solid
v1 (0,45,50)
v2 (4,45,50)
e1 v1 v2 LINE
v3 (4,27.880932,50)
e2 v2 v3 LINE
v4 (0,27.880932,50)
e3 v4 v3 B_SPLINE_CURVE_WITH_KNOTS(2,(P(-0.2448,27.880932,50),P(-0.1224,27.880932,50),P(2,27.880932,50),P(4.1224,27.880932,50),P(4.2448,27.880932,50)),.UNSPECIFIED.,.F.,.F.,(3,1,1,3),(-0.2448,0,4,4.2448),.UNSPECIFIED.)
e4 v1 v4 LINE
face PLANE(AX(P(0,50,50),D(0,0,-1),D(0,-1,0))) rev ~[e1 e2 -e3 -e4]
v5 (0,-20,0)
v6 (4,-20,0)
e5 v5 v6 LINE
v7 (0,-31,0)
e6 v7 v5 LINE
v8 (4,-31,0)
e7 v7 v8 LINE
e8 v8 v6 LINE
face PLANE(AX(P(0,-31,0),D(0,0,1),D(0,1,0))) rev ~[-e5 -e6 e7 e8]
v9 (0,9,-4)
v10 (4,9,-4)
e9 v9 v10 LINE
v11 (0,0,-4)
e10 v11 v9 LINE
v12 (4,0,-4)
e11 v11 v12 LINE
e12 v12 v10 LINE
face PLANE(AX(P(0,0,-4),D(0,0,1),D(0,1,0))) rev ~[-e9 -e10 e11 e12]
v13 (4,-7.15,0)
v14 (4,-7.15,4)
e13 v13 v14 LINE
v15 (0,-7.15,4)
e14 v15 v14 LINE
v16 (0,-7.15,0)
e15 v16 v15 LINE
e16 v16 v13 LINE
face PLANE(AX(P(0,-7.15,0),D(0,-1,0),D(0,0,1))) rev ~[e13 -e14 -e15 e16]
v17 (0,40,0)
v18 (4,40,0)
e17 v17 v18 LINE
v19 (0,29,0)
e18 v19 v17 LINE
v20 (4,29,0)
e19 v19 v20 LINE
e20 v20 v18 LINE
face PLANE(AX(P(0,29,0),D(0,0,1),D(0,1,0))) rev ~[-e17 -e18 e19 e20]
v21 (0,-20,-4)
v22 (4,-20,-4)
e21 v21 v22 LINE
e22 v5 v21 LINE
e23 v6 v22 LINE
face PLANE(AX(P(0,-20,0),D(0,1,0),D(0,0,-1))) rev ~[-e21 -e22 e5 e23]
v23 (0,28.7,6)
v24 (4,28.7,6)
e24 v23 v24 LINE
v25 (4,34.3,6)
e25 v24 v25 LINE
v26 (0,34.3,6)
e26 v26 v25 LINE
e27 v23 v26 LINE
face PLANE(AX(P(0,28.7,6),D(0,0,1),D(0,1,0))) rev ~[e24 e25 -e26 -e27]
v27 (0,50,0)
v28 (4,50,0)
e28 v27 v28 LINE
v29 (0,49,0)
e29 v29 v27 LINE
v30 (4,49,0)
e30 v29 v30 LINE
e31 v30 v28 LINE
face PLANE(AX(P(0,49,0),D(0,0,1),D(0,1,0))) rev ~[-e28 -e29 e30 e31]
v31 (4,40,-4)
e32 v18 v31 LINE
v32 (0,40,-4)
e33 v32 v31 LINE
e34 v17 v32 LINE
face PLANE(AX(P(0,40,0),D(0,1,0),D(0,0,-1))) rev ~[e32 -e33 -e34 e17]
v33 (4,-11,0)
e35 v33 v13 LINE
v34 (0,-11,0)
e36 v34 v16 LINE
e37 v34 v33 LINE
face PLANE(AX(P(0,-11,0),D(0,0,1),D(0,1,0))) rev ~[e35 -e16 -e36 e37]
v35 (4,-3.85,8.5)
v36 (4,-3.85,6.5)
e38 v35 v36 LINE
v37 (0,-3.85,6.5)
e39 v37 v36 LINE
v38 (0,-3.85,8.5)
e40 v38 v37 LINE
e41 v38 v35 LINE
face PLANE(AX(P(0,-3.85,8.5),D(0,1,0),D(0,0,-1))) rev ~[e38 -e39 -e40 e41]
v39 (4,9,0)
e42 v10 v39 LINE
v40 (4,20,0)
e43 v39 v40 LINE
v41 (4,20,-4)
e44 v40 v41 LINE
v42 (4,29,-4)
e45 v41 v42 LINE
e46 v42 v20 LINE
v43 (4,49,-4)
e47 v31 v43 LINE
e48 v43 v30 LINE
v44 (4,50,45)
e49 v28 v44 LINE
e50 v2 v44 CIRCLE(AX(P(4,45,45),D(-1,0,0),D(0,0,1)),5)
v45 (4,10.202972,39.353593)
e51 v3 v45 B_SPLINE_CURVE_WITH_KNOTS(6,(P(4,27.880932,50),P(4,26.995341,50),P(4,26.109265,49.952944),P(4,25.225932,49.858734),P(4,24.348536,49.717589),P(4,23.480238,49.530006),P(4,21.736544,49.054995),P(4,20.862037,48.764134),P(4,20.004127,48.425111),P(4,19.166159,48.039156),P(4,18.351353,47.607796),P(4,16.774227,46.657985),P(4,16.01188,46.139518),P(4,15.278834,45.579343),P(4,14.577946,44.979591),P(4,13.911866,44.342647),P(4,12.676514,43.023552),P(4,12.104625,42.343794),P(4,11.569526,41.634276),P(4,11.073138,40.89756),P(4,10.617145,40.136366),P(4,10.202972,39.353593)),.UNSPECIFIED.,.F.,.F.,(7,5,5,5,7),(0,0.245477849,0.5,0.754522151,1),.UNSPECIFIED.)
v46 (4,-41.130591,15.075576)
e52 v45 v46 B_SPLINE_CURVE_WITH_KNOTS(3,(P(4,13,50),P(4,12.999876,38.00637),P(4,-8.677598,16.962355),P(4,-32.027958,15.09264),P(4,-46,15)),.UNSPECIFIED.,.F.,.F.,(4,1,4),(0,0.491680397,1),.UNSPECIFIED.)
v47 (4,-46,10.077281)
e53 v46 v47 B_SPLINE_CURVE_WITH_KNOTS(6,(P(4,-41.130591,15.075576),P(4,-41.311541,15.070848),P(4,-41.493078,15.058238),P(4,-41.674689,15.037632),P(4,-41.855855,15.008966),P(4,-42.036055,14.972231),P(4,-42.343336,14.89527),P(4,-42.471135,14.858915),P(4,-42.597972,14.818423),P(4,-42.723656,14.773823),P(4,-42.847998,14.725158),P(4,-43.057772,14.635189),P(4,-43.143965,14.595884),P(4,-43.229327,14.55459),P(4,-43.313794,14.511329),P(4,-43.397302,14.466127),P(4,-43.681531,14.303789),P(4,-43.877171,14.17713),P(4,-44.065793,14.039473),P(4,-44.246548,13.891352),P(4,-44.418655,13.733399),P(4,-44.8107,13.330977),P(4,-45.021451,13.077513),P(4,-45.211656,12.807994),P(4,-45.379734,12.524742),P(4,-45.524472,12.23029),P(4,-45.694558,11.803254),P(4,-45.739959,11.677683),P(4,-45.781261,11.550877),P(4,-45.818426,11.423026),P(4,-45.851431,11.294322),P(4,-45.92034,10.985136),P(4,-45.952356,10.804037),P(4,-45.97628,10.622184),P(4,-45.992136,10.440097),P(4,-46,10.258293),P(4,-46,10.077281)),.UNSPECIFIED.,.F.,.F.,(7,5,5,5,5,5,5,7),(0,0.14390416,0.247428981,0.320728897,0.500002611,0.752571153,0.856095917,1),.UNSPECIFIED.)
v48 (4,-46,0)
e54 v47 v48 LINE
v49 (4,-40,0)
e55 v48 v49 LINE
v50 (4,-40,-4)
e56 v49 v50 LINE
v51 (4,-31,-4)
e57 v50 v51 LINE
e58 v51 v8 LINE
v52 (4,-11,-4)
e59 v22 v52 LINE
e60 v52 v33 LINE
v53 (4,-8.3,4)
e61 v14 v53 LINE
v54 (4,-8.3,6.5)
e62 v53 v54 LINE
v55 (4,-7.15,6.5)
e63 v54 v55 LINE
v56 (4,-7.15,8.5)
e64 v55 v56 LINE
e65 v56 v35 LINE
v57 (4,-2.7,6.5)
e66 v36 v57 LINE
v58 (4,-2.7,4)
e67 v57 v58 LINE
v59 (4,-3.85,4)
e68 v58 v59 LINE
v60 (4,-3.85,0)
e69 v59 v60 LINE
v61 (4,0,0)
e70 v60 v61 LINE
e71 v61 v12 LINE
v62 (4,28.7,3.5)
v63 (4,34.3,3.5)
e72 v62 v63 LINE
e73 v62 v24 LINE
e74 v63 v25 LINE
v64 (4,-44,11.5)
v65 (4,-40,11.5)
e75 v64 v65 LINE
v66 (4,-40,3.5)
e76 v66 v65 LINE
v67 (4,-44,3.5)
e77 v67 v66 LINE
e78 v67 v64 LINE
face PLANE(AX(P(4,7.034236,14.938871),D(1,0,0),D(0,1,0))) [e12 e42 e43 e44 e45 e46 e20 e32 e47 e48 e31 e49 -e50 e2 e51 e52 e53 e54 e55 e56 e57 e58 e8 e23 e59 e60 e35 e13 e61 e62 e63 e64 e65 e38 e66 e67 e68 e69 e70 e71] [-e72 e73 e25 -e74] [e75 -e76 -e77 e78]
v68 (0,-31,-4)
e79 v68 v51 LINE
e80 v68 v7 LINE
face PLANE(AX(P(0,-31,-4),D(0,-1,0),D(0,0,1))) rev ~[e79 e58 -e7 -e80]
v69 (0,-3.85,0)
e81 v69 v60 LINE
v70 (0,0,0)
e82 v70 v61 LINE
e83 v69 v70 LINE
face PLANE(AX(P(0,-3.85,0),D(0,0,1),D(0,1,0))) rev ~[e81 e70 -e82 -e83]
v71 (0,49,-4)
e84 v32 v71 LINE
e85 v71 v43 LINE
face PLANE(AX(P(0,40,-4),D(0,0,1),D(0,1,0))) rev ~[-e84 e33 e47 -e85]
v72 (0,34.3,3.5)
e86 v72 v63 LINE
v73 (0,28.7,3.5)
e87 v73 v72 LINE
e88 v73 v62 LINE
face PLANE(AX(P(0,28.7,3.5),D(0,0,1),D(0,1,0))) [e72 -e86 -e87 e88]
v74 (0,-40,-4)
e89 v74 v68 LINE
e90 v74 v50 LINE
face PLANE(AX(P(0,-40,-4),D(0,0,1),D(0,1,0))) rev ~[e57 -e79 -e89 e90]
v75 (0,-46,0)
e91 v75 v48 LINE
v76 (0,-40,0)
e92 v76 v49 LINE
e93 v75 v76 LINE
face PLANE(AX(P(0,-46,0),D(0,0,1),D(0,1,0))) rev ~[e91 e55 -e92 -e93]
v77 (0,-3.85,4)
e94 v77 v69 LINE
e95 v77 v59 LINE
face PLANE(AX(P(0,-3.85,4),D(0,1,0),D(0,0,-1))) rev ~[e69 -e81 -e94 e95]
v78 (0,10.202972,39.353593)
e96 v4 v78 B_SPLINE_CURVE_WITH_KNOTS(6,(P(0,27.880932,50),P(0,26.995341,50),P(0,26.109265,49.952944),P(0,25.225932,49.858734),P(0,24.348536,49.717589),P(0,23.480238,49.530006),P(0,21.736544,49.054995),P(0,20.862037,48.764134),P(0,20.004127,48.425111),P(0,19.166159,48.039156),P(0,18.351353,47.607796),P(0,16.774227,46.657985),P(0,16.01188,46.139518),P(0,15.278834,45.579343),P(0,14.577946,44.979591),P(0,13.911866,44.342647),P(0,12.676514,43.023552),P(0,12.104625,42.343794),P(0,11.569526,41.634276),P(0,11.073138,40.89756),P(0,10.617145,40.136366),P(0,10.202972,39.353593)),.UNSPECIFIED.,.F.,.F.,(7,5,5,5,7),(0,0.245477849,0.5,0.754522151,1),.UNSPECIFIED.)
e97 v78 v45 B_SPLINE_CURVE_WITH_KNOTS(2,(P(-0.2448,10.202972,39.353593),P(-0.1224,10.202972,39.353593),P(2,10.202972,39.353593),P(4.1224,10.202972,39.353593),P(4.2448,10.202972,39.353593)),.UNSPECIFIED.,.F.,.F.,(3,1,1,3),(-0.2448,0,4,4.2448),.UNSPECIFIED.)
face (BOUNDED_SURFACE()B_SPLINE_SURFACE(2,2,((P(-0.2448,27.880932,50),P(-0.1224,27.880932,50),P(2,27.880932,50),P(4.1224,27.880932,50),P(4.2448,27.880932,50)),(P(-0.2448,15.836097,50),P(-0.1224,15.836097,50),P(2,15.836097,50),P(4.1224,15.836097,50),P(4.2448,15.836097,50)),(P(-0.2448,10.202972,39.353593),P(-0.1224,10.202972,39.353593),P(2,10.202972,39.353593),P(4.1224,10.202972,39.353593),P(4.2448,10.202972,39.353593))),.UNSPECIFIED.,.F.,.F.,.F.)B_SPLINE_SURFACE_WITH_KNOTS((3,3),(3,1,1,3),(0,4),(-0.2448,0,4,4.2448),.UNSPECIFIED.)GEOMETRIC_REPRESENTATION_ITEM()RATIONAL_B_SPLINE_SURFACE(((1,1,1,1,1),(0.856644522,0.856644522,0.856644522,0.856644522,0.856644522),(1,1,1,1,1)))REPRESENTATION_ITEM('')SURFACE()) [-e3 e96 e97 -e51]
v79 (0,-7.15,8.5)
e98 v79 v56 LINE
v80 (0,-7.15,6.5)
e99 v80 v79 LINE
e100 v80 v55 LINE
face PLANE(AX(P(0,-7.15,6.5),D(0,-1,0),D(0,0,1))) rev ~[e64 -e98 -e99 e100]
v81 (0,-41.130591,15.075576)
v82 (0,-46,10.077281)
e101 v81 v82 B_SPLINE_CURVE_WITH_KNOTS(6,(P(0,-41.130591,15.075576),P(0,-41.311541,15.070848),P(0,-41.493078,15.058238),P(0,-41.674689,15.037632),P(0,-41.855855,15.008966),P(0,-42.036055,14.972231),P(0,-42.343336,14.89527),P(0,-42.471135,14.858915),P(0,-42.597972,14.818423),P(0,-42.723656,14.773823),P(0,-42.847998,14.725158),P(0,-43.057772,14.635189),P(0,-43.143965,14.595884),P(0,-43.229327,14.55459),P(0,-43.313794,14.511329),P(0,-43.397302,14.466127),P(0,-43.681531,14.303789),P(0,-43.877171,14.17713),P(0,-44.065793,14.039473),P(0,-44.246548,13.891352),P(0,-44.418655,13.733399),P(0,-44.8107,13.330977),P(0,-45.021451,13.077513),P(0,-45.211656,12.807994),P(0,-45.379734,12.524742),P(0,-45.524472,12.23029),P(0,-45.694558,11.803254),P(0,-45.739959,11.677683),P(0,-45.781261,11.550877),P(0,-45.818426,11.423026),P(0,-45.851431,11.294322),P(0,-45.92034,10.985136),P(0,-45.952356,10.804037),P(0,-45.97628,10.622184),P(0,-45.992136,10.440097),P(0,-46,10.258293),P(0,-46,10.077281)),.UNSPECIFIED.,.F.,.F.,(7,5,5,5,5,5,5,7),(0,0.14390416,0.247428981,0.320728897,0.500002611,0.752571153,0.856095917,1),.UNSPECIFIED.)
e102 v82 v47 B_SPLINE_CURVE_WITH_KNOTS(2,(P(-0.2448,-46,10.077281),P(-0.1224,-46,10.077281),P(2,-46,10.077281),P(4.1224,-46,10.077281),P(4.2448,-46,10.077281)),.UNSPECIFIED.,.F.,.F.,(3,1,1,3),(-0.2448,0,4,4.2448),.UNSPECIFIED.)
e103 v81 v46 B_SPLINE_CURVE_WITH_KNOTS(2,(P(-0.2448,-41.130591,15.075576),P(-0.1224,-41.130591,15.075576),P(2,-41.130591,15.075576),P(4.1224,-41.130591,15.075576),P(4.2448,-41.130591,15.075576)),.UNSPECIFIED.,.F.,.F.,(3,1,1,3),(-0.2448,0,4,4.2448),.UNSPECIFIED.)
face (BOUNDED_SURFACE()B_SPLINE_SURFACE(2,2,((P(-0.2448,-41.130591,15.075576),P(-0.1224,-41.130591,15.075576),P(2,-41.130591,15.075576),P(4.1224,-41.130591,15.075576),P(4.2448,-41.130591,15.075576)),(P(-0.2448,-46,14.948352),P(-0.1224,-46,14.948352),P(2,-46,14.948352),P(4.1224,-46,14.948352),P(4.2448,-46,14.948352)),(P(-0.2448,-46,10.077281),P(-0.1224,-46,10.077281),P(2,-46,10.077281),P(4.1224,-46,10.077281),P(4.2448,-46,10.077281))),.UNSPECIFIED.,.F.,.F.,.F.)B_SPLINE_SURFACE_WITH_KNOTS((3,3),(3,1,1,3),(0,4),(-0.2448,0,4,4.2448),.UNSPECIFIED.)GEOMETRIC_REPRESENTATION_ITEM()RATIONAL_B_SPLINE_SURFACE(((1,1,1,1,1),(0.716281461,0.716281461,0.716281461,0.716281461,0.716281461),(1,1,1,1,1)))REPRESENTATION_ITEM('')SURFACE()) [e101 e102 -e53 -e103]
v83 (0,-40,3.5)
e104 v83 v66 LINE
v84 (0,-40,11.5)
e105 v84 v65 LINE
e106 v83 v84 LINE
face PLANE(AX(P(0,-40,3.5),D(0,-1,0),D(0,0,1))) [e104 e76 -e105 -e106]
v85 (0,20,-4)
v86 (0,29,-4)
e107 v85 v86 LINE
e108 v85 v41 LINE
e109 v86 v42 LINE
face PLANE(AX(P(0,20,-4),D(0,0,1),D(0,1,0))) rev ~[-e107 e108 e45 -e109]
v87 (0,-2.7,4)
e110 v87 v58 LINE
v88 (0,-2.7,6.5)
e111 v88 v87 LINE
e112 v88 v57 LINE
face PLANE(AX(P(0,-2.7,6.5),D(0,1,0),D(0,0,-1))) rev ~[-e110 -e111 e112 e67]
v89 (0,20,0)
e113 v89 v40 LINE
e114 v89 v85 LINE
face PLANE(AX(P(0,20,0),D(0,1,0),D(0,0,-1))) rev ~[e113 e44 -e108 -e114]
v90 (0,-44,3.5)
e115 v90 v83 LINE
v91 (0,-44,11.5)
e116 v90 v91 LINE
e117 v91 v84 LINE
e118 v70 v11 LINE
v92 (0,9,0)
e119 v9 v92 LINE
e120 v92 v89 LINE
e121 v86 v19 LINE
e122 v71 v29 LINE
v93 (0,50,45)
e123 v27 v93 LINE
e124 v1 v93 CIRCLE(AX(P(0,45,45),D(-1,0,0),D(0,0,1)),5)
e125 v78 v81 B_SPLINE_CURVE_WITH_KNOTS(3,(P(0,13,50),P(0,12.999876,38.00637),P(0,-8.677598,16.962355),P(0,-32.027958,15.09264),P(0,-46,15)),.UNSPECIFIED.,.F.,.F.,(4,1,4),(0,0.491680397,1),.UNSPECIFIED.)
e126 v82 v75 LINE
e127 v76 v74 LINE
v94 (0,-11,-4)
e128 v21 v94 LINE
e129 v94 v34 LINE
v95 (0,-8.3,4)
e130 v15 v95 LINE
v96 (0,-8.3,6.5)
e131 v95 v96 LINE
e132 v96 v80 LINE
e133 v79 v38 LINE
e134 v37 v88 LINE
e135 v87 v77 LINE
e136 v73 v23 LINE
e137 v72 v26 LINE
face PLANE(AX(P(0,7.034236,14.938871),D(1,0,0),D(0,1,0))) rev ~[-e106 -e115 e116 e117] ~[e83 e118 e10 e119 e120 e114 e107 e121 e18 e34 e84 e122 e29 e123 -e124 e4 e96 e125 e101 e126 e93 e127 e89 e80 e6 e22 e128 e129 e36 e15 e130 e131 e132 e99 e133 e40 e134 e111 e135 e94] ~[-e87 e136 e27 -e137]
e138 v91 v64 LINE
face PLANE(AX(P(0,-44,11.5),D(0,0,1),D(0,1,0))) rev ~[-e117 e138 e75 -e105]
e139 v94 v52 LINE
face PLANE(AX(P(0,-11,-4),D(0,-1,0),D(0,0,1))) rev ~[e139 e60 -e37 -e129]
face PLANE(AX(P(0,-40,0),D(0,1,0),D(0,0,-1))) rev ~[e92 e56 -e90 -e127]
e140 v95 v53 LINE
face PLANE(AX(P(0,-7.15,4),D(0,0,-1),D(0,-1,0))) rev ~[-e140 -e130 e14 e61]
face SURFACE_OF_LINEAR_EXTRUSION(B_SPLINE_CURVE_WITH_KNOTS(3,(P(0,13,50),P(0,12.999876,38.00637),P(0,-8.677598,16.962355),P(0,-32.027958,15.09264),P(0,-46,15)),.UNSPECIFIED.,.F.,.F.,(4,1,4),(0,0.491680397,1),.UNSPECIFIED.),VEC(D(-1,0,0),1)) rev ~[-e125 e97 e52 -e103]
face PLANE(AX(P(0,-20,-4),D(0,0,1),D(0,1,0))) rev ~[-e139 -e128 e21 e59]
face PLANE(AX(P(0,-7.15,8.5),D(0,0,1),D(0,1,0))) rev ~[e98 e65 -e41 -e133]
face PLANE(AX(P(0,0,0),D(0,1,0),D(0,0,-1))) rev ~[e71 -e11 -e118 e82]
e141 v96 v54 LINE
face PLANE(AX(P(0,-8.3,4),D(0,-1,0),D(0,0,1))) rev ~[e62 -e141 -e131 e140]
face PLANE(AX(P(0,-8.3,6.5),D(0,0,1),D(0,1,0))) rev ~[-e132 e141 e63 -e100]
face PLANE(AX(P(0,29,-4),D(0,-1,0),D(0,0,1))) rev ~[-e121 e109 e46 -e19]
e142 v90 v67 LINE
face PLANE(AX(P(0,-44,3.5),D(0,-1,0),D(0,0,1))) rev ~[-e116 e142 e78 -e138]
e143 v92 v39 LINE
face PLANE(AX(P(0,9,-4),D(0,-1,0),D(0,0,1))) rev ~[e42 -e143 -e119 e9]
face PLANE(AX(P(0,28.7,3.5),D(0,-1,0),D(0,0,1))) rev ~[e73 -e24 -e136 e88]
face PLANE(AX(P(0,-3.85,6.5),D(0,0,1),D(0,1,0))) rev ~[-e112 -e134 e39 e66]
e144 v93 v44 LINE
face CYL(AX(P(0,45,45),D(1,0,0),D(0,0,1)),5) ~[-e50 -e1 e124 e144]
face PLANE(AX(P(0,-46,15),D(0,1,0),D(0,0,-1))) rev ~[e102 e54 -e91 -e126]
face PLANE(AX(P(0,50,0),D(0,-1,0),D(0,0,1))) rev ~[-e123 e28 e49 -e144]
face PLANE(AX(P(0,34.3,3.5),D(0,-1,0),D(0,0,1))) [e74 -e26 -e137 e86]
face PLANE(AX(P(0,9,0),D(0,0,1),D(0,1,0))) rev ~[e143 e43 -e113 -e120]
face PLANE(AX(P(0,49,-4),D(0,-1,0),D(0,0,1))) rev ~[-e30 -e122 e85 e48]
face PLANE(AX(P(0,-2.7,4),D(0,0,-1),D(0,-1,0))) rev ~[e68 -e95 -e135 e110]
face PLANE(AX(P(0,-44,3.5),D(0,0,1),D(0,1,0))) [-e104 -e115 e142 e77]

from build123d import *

# Parameters (mm, degrees)
F0_W     = 4
F0_H     = 8
F0_W_2   = 5.6
F0_H_2   = 2.5
F1_DEPTH = 4
F2_R     = 20
F3_R     = 5


with BuildPart() as f1:
    # F0 (on Right) → F1 (new body)
    with BuildSketch(Plane.YZ):
        with BuildLine():
            Line((49, -4), (49, 0))
            Line((49, 0), (50, 0))
            Line((50, 0), (50, 50))
            Line((50, 50), (49, 50))
            Line((49, 50), (13, 50))
            add(Edge.make_bspline(
                [(13, 50), (12.9998758082, 38.0063697851), (-8.6775983117, 16.9623554105), (-32.0279580626, 15.0926403149), (-46, 15)],
                knots=[0, 0, 0, 0, 0.4916803973, 1, 1, 1, 1], degree=3))
            Line((-46, 15), (-46, 0))
            Line((-46, 0), (-40, 0))
            Line((-40, 0), (-40, -4))
            Line((-40, -4), (-31, -4))
            Line((-31, -4), (-31, 0))
            Line((-31, 0), (-20, 0))
            Line((-20, 0), (-20, -4))
            Line((-20, -4), (-11, -4))
            Line((-11, -4), (-11, 0))
            Line((-11, 0), (-7.15, 0))
            Line((-7.15, 0), (-7.15, 4))
            Line((-7.15, 4), (-8.3, 4))
            Line((-8.3, 4), (-8.3, 6.5))
            Line((-8.3, 6.5), (-7.15, 6.5))
            Line((-7.15, 6.5), (-7.15, 8.5))
            Line((-7.15, 8.5), (-5.5, 8.5))
            Line((-5.5, 8.5), (-3.85, 8.5))
            Line((-3.85, 8.5), (-3.85, 6.5))
            Line((-3.85, 6.5), (-2.7, 6.5))
            Line((-2.7, 6.5), (-2.7, 4))
            Line((-2.7, 4), (-3.85, 4))
            Line((-3.85, 4), (-3.85, 0))
            Line((-3.85, 0), (0, 0))
            Line((0, 0), (0, -4))
            Line((0, -4), (9, -4))
            Line((9, -4), (9, 0))
            Line((9, 0), (20, 0))
            Line((20, 0), (20, -4))
            Line((20, -4), (29, -4))
            Line((29, -4), (29, 0))
            Line((29, 0), (40, 0))
            Line((40, 0), (40, -4))
            Line((40, -4), (49, -4))
        make_face()
        with Locations((-42, 7.5)):
            Rectangle(F0_W, F0_H, mode=Mode.SUBTRACT)
        with Locations((31.5, 4.75)):
            Rectangle(F0_W_2, F0_H_2, mode=Mode.SUBTRACT)
    extrude(amount=F1_DEPTH)

    # F2
    f2_edges = [f1.edges().sort_by_distance(p)[0] for p in [
        (2, 13, 50),
    ]]
    fillet(f2_edges, radius=F2_R)

    # F3
    f3_edges = [f1.edges().sort_by_distance(p)[0] for p in [
        (2, 50, 50),
        (2, -46, 15),
    ]]
    fillet(f3_edges, radius=F3_R)


solid = f1.part
